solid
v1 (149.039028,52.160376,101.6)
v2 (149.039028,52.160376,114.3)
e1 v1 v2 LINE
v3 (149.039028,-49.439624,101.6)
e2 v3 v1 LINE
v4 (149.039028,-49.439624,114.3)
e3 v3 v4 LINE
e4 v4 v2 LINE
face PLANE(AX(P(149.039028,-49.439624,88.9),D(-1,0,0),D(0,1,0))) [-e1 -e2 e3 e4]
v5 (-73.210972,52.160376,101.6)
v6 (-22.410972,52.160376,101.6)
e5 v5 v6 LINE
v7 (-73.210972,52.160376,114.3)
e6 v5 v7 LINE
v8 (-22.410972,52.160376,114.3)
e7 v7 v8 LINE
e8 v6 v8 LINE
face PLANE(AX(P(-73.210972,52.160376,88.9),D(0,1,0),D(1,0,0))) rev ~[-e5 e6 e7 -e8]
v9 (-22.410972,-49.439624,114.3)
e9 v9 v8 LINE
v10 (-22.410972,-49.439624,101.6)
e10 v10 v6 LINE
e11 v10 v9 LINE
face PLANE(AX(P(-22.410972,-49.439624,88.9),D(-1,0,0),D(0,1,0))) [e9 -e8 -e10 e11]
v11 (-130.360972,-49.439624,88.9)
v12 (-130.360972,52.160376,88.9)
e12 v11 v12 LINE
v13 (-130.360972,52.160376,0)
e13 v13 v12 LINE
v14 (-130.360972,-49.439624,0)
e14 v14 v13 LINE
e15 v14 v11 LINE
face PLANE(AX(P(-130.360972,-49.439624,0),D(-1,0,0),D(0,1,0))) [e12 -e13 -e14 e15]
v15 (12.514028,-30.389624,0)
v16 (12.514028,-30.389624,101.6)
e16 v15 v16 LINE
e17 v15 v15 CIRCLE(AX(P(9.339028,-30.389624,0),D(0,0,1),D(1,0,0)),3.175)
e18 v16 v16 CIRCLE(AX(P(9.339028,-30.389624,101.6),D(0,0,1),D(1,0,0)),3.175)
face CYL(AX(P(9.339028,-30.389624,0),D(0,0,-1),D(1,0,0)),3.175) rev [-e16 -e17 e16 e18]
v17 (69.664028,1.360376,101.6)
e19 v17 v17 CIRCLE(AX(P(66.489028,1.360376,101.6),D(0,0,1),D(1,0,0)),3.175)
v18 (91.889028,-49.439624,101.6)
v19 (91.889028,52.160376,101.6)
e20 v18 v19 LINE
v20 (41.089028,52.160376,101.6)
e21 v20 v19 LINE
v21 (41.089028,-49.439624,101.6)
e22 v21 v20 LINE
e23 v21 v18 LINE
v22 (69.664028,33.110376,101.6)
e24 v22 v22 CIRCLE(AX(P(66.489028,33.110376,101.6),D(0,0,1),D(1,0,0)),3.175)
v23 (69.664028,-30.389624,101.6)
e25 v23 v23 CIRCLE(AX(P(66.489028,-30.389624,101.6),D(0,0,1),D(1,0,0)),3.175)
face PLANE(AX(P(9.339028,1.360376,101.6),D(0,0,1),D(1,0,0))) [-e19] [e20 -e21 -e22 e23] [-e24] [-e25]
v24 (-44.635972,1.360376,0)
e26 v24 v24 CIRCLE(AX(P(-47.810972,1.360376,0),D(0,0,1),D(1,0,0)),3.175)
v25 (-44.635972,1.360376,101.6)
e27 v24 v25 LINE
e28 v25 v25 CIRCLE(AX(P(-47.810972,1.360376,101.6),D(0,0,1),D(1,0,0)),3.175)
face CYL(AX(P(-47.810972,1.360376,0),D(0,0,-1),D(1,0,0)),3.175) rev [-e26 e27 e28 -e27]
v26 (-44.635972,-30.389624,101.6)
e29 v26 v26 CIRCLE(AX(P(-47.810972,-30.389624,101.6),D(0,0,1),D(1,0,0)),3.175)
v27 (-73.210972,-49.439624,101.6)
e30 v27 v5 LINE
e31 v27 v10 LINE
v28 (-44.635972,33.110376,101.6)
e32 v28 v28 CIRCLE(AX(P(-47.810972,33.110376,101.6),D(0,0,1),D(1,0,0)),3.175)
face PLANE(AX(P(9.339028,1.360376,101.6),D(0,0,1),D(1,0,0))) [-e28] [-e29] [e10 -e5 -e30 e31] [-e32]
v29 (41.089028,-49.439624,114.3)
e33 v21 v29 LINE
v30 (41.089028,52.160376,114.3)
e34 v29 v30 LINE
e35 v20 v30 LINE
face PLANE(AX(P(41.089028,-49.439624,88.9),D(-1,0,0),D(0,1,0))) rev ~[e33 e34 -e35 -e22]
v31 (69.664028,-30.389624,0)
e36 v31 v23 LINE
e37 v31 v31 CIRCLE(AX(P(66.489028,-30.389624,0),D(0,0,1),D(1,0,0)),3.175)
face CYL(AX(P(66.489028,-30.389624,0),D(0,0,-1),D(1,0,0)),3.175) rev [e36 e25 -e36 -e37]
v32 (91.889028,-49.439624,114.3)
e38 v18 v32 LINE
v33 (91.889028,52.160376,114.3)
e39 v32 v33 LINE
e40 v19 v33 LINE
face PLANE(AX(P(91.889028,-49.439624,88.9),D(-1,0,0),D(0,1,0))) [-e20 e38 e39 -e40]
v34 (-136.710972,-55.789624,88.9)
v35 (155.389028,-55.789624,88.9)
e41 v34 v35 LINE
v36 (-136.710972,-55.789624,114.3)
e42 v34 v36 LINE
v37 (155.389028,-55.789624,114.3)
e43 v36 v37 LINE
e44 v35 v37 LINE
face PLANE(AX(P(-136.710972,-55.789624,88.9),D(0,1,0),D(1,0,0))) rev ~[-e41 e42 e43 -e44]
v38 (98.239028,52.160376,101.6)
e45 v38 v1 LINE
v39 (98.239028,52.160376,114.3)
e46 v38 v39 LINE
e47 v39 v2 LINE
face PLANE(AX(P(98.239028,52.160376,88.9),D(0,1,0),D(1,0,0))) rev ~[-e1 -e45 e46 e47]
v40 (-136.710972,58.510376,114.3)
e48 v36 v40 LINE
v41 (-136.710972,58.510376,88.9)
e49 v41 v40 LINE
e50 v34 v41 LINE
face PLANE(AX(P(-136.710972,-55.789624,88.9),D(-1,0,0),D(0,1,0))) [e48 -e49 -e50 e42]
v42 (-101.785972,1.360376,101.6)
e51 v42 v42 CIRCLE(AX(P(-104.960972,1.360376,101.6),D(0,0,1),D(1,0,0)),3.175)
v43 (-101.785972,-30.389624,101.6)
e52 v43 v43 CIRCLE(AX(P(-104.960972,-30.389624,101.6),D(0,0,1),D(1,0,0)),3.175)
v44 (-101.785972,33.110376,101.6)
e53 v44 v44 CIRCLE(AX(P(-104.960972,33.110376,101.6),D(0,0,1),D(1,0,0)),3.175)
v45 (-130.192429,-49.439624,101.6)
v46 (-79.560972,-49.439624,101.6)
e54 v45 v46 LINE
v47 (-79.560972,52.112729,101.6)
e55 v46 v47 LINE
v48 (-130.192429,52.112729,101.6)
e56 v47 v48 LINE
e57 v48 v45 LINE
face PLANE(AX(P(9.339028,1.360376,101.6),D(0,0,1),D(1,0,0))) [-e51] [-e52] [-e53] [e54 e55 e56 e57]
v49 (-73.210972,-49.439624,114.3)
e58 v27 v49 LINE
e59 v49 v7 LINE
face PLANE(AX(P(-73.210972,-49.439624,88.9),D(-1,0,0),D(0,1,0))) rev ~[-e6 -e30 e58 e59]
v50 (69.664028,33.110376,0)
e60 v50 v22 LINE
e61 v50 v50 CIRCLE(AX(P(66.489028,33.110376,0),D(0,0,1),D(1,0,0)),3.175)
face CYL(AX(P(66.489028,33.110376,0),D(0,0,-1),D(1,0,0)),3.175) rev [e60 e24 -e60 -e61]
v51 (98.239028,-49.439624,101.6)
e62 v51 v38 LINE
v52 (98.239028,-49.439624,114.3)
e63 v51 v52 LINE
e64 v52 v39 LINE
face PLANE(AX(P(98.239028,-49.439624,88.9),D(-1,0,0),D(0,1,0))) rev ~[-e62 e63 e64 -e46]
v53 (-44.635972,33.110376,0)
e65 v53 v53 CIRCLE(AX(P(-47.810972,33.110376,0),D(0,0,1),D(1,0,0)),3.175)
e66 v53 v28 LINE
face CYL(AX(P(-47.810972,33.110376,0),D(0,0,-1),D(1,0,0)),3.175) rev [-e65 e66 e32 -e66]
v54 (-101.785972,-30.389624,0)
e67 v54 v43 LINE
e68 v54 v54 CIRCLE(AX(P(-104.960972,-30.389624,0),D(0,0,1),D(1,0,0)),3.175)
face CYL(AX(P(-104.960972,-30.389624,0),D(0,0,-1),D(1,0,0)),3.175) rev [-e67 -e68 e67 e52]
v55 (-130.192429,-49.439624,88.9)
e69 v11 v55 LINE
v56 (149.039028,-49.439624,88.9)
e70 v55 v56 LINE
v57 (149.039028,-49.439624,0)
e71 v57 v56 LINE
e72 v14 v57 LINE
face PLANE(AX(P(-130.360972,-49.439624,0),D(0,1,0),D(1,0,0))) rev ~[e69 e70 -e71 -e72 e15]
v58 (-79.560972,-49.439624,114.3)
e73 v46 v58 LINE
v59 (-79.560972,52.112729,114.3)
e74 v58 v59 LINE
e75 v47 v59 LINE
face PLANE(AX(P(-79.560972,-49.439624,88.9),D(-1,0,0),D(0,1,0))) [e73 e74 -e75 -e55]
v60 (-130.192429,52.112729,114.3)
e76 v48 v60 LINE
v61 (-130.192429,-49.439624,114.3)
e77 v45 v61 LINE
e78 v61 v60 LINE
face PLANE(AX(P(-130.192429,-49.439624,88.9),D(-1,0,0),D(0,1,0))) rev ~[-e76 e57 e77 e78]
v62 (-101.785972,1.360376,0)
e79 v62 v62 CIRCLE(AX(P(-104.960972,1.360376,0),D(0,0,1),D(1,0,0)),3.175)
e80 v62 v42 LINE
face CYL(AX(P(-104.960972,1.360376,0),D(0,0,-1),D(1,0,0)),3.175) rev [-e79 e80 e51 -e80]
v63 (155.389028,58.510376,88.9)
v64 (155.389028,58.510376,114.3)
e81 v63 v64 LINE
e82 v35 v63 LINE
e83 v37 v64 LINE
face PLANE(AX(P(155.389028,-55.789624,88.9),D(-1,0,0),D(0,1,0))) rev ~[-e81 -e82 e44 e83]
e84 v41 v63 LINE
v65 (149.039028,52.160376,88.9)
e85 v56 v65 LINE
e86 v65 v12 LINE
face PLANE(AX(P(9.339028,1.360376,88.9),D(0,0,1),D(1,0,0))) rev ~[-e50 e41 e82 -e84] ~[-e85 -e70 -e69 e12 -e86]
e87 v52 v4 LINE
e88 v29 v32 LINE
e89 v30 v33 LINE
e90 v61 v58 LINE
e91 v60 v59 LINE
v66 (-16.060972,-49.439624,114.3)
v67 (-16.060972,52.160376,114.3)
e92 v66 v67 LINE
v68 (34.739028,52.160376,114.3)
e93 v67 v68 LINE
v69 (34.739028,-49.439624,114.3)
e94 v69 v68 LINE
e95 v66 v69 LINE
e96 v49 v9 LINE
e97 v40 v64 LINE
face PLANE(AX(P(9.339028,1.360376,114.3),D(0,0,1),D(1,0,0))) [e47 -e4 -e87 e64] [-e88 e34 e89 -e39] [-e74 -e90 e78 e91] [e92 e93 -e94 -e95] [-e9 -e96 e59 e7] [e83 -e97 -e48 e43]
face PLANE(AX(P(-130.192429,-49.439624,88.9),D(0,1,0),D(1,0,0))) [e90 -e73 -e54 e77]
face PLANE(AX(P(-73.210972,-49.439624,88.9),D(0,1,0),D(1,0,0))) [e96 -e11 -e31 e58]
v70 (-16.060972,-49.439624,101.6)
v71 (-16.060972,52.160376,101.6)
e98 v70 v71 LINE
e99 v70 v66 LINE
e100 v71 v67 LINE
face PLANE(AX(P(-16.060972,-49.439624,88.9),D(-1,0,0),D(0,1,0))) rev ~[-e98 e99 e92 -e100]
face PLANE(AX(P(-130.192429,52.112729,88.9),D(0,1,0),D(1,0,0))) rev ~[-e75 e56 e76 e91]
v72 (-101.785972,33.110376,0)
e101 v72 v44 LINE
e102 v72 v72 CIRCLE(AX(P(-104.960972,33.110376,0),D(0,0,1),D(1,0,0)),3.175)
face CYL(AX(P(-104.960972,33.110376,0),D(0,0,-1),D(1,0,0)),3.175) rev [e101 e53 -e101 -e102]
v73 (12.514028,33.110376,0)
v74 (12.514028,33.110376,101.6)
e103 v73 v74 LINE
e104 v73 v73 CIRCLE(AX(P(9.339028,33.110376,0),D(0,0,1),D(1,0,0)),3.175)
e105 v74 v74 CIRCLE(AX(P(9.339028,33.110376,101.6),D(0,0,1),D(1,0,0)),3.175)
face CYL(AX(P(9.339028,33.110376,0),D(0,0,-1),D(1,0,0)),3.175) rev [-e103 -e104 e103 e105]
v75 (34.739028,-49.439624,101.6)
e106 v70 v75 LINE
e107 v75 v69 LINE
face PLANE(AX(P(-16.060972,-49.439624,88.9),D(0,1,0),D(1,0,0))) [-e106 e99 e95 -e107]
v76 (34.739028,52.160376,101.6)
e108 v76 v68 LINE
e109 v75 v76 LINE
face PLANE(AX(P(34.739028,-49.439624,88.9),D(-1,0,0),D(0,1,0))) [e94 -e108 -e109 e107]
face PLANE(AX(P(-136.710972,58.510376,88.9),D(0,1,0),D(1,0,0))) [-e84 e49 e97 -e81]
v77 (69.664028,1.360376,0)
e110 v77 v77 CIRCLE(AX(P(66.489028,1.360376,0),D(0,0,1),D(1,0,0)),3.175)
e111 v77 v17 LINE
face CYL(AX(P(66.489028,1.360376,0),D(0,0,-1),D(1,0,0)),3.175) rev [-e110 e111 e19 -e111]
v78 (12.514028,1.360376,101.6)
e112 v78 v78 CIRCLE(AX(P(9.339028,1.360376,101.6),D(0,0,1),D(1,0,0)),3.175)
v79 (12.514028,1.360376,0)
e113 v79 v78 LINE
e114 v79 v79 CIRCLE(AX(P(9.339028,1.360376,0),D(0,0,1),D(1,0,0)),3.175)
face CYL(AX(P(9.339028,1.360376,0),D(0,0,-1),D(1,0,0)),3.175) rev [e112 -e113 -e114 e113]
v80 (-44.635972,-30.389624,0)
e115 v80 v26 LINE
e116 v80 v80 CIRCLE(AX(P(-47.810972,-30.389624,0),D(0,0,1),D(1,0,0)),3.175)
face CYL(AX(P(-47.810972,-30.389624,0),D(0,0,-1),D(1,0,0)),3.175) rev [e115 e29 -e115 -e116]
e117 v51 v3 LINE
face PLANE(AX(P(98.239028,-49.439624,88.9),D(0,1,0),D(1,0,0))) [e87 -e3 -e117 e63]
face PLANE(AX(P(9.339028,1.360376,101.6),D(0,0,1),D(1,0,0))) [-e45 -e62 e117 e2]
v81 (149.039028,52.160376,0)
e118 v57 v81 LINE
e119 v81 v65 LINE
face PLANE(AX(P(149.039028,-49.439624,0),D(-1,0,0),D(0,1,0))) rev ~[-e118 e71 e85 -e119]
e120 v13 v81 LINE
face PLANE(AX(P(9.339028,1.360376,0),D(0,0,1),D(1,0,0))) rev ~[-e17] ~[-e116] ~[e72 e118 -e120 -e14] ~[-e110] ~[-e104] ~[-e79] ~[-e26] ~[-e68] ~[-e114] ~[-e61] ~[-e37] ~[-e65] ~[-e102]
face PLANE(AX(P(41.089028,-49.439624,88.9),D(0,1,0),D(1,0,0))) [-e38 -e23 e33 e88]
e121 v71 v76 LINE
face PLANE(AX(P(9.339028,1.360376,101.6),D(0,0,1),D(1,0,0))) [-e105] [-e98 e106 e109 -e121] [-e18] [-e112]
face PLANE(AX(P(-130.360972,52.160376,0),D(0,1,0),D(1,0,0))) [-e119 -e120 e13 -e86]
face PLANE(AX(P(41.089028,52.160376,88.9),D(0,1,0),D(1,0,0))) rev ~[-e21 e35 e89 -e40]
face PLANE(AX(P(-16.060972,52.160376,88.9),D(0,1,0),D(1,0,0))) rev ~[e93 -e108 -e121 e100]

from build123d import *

# Parameters (mm, degrees)
F0_W     = 279.4
F0_H     = 101.6
F0_R     = 3.175
F1_DEPTH = 101.6
F2_W     = 6.35
F2_H     = 101.6
F3_DEPTH = 12.7
F4_W     = 292.1
F4_H     = 114.3
F4_W_2   = 50.6314568898
F4_H_2   = 101.5523529232
F4_W_3   = 50.8
F4_H_3   = 101.6
F5_DEPTH = 25.4


with BuildPart() as f1:
    # F0 (on Top) → F1 (new body)
    with BuildSketch(Plane.XY):
        with Locations((9.3390280625, 1.3603759766)):
            Rectangle(F0_W, F0_H)
        with Locations((-104.9609719375, -30.3896240234)):
            Circle(F0_R, mode=Mode.SUBTRACT)
        with Locations((-47.8109719375, -30.3896240234)):
            Circle(F0_R, mode=Mode.SUBTRACT)
        with Locations((9.3390280625, -30.3896240234)):
            Circle(F0_R, mode=Mode.SUBTRACT)
        with Locations((66.4890280625, -30.3896240234)):
            Circle(F0_R, mode=Mode.SUBTRACT)
        with Locations((-104.9609719375, 1.3603759766)):
            Circle(F0_R, mode=Mode.SUBTRACT)
        with Locations((-47.8109719375, 1.3603759766)):
            Circle(F0_R, mode=Mode.SUBTRACT)
        with Locations((-104.9609719375, 33.1103759766)):
            Circle(F0_R, mode=Mode.SUBTRACT)
        with Locations((-47.8109719375, 33.1103759766)):
            Circle(F0_R, mode=Mode.SUBTRACT)
        with Locations((9.3390280625, 1.3603759766)):
            Circle(F0_R, mode=Mode.SUBTRACT)
        with Locations((66.4890280625, 1.3603759766)):
            Circle(F0_R, mode=Mode.SUBTRACT)
        with Locations((9.3390280625, 33.1103759766)):
            Circle(F0_R, mode=Mode.SUBTRACT)
        with Locations((66.4890280625, 33.1103759766)):
            Circle(F0_R, mode=Mode.SUBTRACT)
    extrude(amount=F1_DEPTH)

    # F2 (on face) → F3 (cut)
    with BuildSketch(Plane.XY.offset(101.6)):
        with Locations((-76.3859719375, 1.3603759766)):
            Rectangle(F2_W, F2_H)
        with Locations((-19.2359719375, 1.3603759766)):
            Rectangle(F2_W, F2_H)
        with Locations((37.9140280625, 1.3603759766)):
            Rectangle(F2_W, F2_H)
        with Locations((95.0640280625, 1.3603759766)):
            Rectangle(F2_W, F2_H)
    extrude(amount=-F3_DEPTH, mode=Mode.SUBTRACT)

    # F4 (on face) → F5 (join)
    with BuildSketch(Plane.XY.offset(88.9)):
        with Locations((9.3390280625, 1.3603759766)):
            Rectangle(F4_W, F4_H)
        with Locations((-104.8767003824, 1.3365524381)):
            Rectangle(F4_W_2, F4_H_2, mode=Mode.SUBTRACT)
        with Locations((-47.8109719375, 1.3603759766)):
            Rectangle(F4_W_3, F4_H_3, mode=Mode.SUBTRACT)
        with Locations((9.3390280625, 1.3603759766)):
            Rectangle(F4_W_3, F4_H_3, mode=Mode.SUBTRACT)
        with Locations((66.4890280625, 1.3603759766)):
            Rectangle(F4_W_3, F4_H_3, mode=Mode.SUBTRACT)
        with Locations((123.6390280625, 1.3603759766)):
            Rectangle(F4_W_3, F4_H_3, mode=Mode.SUBTRACT)
    extrude(amount=F5_DEPTH)


solid = f1.part
